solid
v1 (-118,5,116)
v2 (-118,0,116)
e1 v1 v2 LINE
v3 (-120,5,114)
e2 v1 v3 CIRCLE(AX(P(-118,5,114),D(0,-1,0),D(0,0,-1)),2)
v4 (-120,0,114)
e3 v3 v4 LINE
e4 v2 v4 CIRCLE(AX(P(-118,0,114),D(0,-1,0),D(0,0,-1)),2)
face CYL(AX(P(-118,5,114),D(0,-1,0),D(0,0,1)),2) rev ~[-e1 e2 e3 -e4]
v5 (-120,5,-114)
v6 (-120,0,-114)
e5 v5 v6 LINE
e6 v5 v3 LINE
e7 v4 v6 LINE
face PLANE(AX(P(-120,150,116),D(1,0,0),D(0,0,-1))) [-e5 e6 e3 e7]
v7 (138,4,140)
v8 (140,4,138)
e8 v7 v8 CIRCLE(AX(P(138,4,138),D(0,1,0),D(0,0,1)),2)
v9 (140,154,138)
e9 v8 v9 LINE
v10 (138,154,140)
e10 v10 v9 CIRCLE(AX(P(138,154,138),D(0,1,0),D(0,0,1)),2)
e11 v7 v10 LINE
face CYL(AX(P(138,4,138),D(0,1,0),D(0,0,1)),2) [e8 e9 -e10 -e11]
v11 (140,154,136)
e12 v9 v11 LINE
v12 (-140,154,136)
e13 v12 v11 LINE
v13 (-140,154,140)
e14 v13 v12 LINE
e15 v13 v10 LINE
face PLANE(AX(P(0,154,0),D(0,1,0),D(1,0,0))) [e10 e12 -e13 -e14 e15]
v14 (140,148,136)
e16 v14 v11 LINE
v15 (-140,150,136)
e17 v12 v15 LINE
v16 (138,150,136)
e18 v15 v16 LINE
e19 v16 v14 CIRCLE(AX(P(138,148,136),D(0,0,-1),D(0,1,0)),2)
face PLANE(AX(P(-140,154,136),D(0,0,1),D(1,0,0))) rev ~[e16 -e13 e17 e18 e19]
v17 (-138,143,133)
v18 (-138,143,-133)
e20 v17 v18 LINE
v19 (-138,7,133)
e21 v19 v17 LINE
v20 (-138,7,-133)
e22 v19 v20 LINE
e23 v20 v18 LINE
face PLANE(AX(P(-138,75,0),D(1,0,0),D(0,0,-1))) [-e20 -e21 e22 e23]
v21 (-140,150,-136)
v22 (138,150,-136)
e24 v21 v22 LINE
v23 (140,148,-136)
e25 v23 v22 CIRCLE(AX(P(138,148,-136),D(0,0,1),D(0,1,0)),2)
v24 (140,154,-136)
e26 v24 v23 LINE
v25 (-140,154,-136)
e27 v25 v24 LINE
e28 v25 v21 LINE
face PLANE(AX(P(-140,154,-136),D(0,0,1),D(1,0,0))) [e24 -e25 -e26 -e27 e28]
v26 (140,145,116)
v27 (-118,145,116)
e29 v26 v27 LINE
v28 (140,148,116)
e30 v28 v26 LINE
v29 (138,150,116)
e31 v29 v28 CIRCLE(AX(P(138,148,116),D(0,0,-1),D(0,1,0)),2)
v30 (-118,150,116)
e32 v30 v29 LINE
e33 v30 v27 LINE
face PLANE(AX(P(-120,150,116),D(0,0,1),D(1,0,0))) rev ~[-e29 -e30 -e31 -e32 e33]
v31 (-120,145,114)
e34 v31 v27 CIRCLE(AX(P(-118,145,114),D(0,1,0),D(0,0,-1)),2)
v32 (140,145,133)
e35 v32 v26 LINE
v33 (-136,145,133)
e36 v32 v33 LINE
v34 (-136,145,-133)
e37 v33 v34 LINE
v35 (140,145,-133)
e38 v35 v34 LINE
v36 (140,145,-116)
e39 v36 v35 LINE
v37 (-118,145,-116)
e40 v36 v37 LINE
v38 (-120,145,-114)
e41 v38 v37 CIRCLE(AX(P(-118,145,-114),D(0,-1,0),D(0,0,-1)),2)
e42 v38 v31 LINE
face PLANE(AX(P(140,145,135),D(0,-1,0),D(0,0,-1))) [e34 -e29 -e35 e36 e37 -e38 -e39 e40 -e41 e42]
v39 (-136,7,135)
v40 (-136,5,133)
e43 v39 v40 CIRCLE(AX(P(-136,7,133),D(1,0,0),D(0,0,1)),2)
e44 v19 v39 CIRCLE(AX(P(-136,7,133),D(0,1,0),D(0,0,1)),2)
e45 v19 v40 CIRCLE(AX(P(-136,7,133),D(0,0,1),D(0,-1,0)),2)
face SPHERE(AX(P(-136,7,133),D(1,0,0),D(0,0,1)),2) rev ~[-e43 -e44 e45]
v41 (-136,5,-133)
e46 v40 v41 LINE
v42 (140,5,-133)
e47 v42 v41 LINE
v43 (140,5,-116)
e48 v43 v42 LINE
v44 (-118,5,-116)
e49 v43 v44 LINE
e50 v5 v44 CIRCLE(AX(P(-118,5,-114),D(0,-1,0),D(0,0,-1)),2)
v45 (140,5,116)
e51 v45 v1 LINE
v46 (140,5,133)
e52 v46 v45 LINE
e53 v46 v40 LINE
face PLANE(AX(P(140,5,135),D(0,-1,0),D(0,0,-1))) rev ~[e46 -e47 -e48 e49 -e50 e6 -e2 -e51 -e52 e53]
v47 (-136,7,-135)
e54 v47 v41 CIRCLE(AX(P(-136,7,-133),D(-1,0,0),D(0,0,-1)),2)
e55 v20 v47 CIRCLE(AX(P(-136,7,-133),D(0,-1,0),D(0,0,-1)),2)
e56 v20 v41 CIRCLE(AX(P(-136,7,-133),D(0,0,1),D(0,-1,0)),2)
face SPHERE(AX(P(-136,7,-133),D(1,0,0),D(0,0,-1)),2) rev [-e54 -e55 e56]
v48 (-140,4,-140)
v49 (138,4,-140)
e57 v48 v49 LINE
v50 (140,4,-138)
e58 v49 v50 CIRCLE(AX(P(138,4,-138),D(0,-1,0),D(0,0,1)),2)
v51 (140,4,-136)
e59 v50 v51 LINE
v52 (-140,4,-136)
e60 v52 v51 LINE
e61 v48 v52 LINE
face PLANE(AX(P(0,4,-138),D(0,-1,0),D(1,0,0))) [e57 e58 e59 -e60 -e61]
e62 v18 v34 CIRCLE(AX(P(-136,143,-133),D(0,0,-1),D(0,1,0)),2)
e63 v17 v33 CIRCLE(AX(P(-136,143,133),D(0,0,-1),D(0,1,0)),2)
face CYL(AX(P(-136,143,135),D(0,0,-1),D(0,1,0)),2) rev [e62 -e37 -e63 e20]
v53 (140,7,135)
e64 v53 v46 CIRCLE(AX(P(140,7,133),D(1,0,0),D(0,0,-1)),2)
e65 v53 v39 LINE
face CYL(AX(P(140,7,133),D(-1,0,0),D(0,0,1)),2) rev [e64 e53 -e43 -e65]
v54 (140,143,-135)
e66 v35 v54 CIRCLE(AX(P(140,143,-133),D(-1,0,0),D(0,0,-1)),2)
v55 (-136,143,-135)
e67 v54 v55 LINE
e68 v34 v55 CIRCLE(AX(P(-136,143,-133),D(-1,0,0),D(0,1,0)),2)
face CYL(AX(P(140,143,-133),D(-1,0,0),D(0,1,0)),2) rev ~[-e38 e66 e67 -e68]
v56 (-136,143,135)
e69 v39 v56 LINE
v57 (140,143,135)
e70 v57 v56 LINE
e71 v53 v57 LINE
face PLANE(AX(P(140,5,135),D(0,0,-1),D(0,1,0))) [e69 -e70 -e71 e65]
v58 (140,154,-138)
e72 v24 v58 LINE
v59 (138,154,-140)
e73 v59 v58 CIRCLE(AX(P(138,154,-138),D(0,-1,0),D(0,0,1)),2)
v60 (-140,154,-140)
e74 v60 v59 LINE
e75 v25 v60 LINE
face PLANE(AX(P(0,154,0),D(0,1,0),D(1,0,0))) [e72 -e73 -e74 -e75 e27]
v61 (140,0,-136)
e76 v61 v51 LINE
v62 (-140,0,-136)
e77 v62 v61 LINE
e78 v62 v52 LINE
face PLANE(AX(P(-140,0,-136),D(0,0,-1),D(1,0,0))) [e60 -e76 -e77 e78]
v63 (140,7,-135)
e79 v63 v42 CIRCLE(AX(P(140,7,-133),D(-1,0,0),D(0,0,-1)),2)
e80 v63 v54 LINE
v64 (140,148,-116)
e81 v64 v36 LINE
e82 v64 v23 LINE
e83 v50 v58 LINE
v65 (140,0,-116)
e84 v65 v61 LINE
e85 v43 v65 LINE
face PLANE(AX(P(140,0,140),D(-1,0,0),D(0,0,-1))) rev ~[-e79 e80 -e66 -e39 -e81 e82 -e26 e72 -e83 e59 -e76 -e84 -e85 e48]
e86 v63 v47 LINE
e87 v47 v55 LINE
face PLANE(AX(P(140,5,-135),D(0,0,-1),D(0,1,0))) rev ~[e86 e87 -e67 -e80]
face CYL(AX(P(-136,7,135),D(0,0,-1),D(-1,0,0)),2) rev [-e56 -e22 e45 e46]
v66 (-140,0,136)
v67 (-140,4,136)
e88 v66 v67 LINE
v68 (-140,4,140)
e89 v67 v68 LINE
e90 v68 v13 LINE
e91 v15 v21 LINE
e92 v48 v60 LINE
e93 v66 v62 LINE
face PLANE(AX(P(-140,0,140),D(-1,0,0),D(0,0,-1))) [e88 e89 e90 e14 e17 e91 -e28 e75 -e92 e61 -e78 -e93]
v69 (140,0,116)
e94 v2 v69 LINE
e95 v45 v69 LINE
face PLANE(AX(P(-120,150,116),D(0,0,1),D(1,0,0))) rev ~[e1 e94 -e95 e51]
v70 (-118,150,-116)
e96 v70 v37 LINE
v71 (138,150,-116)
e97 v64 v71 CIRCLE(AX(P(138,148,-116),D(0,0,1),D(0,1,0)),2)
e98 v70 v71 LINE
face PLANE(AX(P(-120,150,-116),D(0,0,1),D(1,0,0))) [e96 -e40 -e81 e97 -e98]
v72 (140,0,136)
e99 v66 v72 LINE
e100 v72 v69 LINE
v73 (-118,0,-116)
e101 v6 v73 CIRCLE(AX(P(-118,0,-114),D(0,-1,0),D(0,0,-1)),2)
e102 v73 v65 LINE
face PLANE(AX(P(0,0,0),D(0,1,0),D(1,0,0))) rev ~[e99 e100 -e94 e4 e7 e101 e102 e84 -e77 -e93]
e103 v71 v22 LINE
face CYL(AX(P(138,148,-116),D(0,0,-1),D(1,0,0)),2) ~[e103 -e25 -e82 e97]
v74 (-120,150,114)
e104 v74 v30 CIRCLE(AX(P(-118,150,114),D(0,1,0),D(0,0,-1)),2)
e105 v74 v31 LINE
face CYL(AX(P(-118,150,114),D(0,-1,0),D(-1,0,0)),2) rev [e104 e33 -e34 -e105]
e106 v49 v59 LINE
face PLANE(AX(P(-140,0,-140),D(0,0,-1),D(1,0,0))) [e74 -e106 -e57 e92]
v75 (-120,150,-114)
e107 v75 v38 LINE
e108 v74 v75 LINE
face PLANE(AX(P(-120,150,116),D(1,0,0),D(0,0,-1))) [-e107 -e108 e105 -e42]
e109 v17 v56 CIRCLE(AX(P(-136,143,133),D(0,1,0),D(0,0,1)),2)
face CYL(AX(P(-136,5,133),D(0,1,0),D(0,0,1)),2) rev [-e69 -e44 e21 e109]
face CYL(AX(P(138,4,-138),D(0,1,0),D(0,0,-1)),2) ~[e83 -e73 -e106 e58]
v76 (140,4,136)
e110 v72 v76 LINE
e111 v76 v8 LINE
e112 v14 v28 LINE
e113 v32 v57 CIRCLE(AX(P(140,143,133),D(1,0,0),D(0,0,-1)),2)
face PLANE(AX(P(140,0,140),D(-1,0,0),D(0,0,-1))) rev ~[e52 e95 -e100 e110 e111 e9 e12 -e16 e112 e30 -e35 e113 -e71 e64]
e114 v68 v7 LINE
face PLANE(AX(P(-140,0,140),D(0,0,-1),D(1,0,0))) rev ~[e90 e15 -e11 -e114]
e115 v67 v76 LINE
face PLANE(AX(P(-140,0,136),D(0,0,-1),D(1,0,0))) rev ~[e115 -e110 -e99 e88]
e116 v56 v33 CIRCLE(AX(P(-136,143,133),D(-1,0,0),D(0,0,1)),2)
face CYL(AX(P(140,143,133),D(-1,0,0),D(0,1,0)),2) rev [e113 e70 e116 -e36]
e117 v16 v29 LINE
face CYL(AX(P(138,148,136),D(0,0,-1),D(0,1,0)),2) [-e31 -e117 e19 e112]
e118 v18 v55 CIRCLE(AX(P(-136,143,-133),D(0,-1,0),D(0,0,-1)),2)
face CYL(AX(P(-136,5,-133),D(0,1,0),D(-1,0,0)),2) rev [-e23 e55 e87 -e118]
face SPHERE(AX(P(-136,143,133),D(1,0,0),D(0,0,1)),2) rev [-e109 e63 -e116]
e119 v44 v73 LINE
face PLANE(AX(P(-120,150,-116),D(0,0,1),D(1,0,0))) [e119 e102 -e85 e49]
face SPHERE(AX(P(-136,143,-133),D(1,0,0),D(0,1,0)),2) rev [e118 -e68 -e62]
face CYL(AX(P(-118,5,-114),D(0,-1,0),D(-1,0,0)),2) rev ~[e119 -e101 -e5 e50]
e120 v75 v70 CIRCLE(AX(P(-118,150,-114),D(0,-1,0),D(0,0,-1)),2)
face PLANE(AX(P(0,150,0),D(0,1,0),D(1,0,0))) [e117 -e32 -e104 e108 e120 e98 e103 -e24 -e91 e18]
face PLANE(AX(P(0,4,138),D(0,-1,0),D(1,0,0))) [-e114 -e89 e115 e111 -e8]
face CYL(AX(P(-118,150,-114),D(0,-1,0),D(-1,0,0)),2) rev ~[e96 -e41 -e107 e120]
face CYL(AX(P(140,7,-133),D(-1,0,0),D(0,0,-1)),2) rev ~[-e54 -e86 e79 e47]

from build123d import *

# Parameters (mm, degrees)
SKETCH_1_W          = 280
SKETCH_1_H          = 280
EXTRUDE_1_DEPTH     = 154
SKETCH_2_W          = 280
SKETCH_2_H          = 272
CUT_EXTRUDE_1_DEPTH = 4
SKETCH_3_W          = 280
SKETCH_3_H          = 4
CUT_EXTRUDE_2_DEPTH = 4
SKETCH_4_W          = 270
SKETCH_4_H          = 140
CUT_EXTRUDE_3_DEPTH = 278
SKETCH_6_W          = 260
SKETCH_6_H          = 232
CUT_EXTRUDE_7_DEPTH = 249.394846967
FILLET_4_R          = 2
FILLET_5_R          = 2
FILLET_6_R          = 2
FILLET_7_R          = 2


with BuildPart() as part:
    # 草图1 → 凸台-拉伸1 (new body)
    with BuildSketch(Plane(origin=(0, 0, 0), x_dir=(1, 0, 0), z_dir=(0, 1, 0))):
        Rectangle(SKETCH_1_W, SKETCH_1_H)
    extrude(amount=EXTRUDE_1_DEPTH)

    # 草图2 → 切除-拉伸1 (cut)
    with BuildSketch(Plane(origin=(0, 154, 0), x_dir=(1, 0, 0), z_dir=(0, 1, 0))):
        Rectangle(SKETCH_2_W, SKETCH_2_H)
    extrude(amount=-CUT_EXTRUDE_1_DEPTH, mode=Mode.SUBTRACT)

    # 草图3 → 切除-拉伸2 (cut)
    with BuildSketch(Plane.XZ):
        with Locations((0, 138)):
            Rectangle(SKETCH_3_W, SKETCH_3_H)
        with Locations((0, -138)):
            Rectangle(SKETCH_3_W, SKETCH_3_H)
    extrude(amount=-CUT_EXTRUDE_2_DEPTH, mode=Mode.SUBTRACT)

    # 草图4 → 切除-拉伸3 (cut)
    with BuildSketch(Plane(origin=(140, 0, 0), x_dir=(0, 0, -1), z_dir=(1, 0, 0))):
        with Locations((0, 75)):
            Rectangle(SKETCH_4_W, SKETCH_4_H)
    extrude(amount=-CUT_EXTRUDE_3_DEPTH, mode=Mode.SUBTRACT)

    # 草图6 → 切除-拉伸7 (cut, through all)
    with BuildSketch(Plane(origin=(0, 150, 0), x_dir=(1, 0, 0), z_dir=(0, 1, 0))):
        with Locations((10, 0)):
            Rectangle(SKETCH_6_W, SKETCH_6_H)
    extrude(amount=-CUT_EXTRUDE_7_DEPTH, mode=Mode.SUBTRACT)

    # 圆角4
    fillet_4_edges = [part.edges().sort_by_distance(p)[0] for p in [
        (140, 79, -140),
        (140, 79, 140),
    ]]
    fillet(fillet_4_edges, radius=FILLET_4_R)

    # 圆角5
    fillet_5_edges = [part.edges().sort_by_distance(p)[0] for p in [
        (140, 150, 126),
        (140, 150, -126),
    ]]
    fillet(fillet_5_edges, radius=FILLET_5_R)

    # 圆角6
    fillet_6_edges = [part.edges().sort_by_distance(p)[0] for p in [
        (-120, 147.5, 116),
        (-120, 2.5, 116),
        (-120, 147.5, -116),
        (-120, 2.5, -116),
    ]]
    fillet(fillet_6_edges, radius=FILLET_6_R)

    # 圆角7
    fillet_7_edges = [part.edges().sort_by_distance(p)[0] for p in [
        (1, 5, 135),
        (1, 145, 135),
        (1, 145, -135),
        (1, 5, -135),
        (-138, 75, 135),
        (-138, 145, 0),
        (-138, 75, -135),
        (-138, 5, 0),
    ]]
    fillet(fillet_7_edges, radius=FILLET_7_R)


solid = part.part
